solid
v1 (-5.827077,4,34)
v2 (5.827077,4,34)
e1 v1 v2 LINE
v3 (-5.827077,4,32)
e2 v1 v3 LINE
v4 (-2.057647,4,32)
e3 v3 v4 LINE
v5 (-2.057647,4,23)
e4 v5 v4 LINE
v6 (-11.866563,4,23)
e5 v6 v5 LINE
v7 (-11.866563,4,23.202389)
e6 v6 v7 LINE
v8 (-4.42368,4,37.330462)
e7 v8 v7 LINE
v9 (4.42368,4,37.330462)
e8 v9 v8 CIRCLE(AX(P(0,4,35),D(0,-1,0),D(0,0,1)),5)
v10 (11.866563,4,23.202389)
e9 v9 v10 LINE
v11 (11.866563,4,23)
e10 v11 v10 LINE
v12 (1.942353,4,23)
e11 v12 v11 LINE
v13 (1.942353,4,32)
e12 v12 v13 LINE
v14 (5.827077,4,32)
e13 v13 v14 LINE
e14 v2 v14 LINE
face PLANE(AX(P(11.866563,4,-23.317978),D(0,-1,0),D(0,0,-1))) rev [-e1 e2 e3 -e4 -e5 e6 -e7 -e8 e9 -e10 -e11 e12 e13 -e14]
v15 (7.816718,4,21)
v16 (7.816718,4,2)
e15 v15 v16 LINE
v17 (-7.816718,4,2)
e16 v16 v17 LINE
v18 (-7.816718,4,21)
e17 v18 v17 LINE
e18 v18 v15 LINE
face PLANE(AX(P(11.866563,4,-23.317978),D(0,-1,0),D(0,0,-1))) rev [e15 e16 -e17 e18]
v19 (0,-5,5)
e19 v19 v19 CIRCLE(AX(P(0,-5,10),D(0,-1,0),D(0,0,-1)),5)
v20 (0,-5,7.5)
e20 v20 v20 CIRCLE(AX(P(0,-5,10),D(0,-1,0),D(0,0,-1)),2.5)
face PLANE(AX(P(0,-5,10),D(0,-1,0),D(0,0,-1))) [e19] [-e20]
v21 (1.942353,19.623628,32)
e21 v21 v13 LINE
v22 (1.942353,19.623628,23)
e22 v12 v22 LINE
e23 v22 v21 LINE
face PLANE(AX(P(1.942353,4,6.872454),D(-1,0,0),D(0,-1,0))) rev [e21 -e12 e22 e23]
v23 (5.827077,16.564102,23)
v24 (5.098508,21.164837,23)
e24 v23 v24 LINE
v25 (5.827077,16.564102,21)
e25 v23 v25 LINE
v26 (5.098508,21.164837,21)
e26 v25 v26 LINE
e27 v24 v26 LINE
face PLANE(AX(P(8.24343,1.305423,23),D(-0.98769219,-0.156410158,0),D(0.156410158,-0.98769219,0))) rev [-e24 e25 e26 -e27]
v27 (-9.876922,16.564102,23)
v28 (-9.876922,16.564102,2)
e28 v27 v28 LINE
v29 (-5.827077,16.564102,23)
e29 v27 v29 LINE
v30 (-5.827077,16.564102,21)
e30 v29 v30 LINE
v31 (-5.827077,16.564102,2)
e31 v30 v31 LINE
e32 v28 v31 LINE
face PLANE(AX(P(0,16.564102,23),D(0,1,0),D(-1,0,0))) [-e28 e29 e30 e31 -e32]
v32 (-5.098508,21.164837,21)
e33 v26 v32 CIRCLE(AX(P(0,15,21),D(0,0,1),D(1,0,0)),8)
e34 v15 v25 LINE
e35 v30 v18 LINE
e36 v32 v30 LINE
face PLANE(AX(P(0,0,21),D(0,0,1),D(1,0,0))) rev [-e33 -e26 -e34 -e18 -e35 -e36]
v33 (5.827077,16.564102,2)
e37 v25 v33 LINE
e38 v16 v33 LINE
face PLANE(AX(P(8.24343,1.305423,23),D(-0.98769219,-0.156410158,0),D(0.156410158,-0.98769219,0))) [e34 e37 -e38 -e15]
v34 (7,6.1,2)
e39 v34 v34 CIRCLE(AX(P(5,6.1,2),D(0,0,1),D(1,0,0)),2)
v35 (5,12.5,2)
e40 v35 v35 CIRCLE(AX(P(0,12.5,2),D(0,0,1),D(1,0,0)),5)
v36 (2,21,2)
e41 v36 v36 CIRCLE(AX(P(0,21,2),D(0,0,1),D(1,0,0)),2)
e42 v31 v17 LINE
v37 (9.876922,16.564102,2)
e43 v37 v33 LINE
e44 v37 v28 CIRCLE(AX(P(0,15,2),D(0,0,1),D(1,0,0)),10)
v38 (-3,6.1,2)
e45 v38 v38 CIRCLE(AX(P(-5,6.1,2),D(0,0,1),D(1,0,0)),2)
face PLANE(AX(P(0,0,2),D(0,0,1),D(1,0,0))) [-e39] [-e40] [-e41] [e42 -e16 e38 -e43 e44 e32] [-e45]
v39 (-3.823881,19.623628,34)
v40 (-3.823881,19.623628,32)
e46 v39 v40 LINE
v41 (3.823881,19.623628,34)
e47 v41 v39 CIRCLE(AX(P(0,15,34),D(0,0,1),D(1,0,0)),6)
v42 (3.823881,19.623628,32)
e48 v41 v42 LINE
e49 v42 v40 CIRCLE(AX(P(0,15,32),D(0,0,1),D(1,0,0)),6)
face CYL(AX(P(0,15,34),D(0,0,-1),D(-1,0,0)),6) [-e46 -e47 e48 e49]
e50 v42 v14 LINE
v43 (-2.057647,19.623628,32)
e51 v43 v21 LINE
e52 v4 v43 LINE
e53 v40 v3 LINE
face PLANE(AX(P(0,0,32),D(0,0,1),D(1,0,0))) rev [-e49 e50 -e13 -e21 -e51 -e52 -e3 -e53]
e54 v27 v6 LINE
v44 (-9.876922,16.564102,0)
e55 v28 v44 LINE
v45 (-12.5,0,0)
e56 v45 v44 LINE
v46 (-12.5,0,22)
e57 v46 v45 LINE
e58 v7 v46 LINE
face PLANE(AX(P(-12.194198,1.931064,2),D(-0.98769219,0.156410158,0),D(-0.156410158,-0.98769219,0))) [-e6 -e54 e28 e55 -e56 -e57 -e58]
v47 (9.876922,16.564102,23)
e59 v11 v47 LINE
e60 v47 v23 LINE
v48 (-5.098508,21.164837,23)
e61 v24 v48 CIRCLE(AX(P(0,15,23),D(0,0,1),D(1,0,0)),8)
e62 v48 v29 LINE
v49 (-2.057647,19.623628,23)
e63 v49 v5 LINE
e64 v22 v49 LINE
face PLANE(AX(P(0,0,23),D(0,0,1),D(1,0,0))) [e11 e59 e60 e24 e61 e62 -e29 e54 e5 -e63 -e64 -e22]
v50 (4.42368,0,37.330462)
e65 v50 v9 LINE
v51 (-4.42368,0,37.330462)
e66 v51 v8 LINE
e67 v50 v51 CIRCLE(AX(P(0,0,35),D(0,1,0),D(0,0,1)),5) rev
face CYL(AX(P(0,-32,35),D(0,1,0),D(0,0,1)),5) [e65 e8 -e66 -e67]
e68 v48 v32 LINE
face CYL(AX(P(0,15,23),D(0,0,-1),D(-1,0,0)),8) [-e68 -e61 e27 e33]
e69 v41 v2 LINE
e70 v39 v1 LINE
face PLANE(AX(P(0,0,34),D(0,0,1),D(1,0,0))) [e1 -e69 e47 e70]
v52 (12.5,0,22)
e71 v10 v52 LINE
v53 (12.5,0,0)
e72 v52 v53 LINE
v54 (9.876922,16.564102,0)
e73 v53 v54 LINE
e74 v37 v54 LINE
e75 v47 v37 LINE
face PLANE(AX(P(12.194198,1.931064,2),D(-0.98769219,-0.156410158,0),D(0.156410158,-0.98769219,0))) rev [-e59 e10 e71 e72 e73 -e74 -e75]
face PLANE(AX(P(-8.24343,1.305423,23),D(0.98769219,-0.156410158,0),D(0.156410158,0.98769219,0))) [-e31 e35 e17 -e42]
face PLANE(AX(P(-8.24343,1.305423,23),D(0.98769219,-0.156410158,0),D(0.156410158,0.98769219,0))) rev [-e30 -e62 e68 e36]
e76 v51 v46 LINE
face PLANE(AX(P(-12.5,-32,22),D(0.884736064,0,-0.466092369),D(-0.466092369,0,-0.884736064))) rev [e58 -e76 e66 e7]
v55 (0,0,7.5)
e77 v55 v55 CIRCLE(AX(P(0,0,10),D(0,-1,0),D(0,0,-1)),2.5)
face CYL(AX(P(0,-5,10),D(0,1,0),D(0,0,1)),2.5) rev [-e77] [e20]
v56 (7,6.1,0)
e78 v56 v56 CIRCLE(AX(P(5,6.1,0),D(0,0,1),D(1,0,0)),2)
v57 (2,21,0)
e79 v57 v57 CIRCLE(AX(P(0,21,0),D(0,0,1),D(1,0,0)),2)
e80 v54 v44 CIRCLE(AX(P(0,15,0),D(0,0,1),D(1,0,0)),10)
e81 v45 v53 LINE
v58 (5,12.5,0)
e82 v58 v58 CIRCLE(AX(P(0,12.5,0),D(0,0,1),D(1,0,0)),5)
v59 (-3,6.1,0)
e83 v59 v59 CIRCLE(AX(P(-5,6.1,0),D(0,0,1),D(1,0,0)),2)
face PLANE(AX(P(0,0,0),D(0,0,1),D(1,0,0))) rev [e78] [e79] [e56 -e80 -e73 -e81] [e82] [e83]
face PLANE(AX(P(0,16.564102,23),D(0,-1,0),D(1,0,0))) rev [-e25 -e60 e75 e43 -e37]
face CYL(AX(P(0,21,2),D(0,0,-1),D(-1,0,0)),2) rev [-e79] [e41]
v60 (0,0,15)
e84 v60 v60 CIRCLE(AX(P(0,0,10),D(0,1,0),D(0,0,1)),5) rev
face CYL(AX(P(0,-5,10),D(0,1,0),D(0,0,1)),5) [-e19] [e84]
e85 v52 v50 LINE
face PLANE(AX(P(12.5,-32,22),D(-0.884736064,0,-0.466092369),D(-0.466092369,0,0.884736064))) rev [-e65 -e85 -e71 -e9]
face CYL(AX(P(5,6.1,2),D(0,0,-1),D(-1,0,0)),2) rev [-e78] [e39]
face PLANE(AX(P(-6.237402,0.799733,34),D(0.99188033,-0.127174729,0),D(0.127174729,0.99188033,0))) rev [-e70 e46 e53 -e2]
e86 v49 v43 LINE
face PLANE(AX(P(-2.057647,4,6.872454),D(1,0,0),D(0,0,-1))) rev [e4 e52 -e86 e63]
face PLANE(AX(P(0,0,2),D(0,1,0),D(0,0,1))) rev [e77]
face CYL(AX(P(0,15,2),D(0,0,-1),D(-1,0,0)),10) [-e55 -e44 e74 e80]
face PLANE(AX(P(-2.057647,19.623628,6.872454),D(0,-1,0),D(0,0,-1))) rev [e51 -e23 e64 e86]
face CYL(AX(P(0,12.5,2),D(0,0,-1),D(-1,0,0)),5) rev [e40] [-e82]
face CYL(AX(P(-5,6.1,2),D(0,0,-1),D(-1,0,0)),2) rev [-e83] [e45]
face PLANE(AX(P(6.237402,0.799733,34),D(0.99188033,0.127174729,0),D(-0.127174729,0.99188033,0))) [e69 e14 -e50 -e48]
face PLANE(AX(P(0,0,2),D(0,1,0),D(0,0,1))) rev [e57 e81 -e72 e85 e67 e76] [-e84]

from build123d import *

# Parameters (mm, degrees)
SKETCH1_R           = 5
SKETCH1_R_2         = 2
BOSS_EXTRUDE1_DEPTH = 2
BOSS_EXTRUDE2_DEPTH = 48
BOSS_EXTRUDE3_DEPTH = 1
CUT_EXTRUDE2_DEPTH  = 36
BOSS_EXTRUDE4_DEPTH = 21
BOSS_EXTRUDE5_DEPTH = 1
SKETCH8_W           = 4
SKETCH8_H           = 15.623627573
BOSS_EXTRUDE6_DEPTH = 9
SKETCH11_R          = 5
SKETCH11_R_2        = 2.5
BOSS_EXTRUDE7_DEPTH = 5


with BuildPart() as part:
    # Sketch1 → Boss-Extrude1 (new body)
    with BuildSketch(Plane.XY):
        with BuildLine():
            Line((-12.5, 0), (12.5, 0))
            Line((12.5, 0), (9.876921901, 16.564101584))
            ThreePointArc((9.876921901, 16.564101584), (0, 25), (-9.876921901, 16.564101584))
            Line((-9.876921901, 16.564101584), (-12.5, 0))
        make_face()
        with Locations((0, 12.5)):
            Circle(SKETCH1_R, mode=Mode.SUBTRACT)
        with Locations((5, 6.1)):
            Circle(SKETCH1_R_2, mode=Mode.SUBTRACT)
        with Locations((-5, 6.1)):
            Circle(SKETCH1_R_2, mode=Mode.SUBTRACT)
        with Locations((0, 21)):
            Circle(SKETCH1_R_2, mode=Mode.SUBTRACT)
    extrude(amount=BOSS_EXTRUDE1_DEPTH)

    # Sketch2 → Boss-Extrude2 (add)
    with BuildSketch(Plane(origin=(0, 0, 50), x_dir=(-1, 0, 0), z_dir=(0, 0, -1))):
        Polygon((12.5, 0), (-12.5, 0), (-11.866563146, 4), (11.866563146, 4), align=None)
    extrude(amount=BOSS_EXTRUDE2_DEPTH)

    # Sketch3 → Boss-Extrude3 (add, symmetric)
    with BuildSketch(Plane.XY.offset(22)):
        with BuildLine():
            ThreePointArc((5.92615314, 15.93846095), (0, 21), (-5.92615314, 15.93846095))
            Line((-5.92615314, 15.93846095), (-7.183281573, 8))
            Line((-7.183281573, 8), (-7.816718427, 4))
            Line((-7.816718427, 4), (7.816718427, 4))
            Line((7.816718427, 4), (7.183281573, 8))
            Line((7.183281573, 8), (5.92615314, 15.93846095))
        make_face()
        with BuildLine():
            Line((5.92615314, 15.93846095), (5.098508377, 21.164836764))
            ThreePointArc((5.098508377, 21.164836764), (0, 23), (-5.098508377, 21.164836764))
            Line((-5.098508377, 21.164836764), (-5.92615314, 15.93846095))
            ThreePointArc((-5.92615314, 15.93846095), (0, 21), (5.92615314, 15.93846095))
        make_face()
    extrude(amount=BOSS_EXTRUDE3_DEPTH, both=True)

    # Sketch4 → Cut-Extrude2 (cut)
    with BuildSketch(Plane(origin=(0, 4, 0), x_dir=(1, 0, 0), z_dir=(0, 1, 0))):
        with BuildLine():
            Line((-12.5, -22), (-4.423680321, -37.330461847))
            ThreePointArc((-4.423680321, -37.330461847), (0, -40), (4.423680321, -37.330461847))
            Line((4.423680321, -37.330461847), (12.5, -22))
            Line((12.5, -22), (16.181982352, -22))
            Line((16.181982352, -22), (16.181982352, -36.988467345))
            Line((16.181982352, -36.988467345), (30.820243312, -58.391823719))
            Line((30.820243312, -58.391823719), (-16.187396411, -58.391823719))
            Line((-16.187396411, -58.391823719), (-16.187396411, -22))
            Line((-16.187396411, -22), (-12.5, -22))
        make_face()
    extrude(amount=-CUT_EXTRUDE2_DEPTH, mode=Mode.SUBTRACT)

    # Sketch6 → Boss-Extrude4 (add)
    with BuildSketch(Plane.XY.offset(2)):
        Polygon((-7.866563146, 4), (-7.816718427, 4), (-5.827077182, 16.564101584), (-9.876921901, 16.564101584), (-11.866563146, 4), align=None)
        Polygon((7.866563146, 4), (11.866563146, 4), (9.876921901, 16.564101584), (5.827077182, 16.564101584), (7.816718427, 4), align=None)
    extrude(amount=BOSS_EXTRUDE4_DEPTH)

    # Sketch7 → Boss-Extrude5 (add, symmetric)
    with BuildSketch(Plane.XY.offset(33)):
        with BuildLine():
            ThreePointArc((3.823881283, 19.623627573), (2.032022953, 20.645430251), (0, 21))
            Line((0, 21), (0, 4))
            Line((0, 4), (5.827077182, 4))
            Line((5.827077182, 4), (3.823881283, 19.623627573))
        make_face()
        with BuildLine():
            ThreePointArc((0, 21), (-2.032022953, 20.645430251), (-3.823881283, 19.623627573))
            Line((-3.823881283, 19.623627573), (-5.827077182, 4))
            Line((-5.827077182, 4), (0, 4))
            Line((0, 4), (0, 21))
        make_face()
    extrude(amount=BOSS_EXTRUDE5_DEPTH, both=True)

    # Sketch8 → Boss-Extrude6 (add)
    with BuildSketch(Plane(origin=(0, 0, 32), x_dir=(-1, 0, 0), z_dir=(0, 0, -1))):
        with Locations((0.057647427, 11.811813787)):
            Rectangle(SKETCH8_W, SKETCH8_H)
    extrude(amount=BOSS_EXTRUDE6_DEPTH)

    # Sketch11 → Boss-Extrude7 (add)
    with BuildSketch(Plane.XZ):
        with Locations(Location((0, 10, 0), (0, 0, 90))):
            Circle(SKETCH11_R)
        with Locations(Location((0, 10, 0), (0, 0, 270))):
            Circle(SKETCH11_R_2, mode=Mode.SUBTRACT)
    extrude(amount=BOSS_EXTRUDE7_DEPTH)


solid = part.part
